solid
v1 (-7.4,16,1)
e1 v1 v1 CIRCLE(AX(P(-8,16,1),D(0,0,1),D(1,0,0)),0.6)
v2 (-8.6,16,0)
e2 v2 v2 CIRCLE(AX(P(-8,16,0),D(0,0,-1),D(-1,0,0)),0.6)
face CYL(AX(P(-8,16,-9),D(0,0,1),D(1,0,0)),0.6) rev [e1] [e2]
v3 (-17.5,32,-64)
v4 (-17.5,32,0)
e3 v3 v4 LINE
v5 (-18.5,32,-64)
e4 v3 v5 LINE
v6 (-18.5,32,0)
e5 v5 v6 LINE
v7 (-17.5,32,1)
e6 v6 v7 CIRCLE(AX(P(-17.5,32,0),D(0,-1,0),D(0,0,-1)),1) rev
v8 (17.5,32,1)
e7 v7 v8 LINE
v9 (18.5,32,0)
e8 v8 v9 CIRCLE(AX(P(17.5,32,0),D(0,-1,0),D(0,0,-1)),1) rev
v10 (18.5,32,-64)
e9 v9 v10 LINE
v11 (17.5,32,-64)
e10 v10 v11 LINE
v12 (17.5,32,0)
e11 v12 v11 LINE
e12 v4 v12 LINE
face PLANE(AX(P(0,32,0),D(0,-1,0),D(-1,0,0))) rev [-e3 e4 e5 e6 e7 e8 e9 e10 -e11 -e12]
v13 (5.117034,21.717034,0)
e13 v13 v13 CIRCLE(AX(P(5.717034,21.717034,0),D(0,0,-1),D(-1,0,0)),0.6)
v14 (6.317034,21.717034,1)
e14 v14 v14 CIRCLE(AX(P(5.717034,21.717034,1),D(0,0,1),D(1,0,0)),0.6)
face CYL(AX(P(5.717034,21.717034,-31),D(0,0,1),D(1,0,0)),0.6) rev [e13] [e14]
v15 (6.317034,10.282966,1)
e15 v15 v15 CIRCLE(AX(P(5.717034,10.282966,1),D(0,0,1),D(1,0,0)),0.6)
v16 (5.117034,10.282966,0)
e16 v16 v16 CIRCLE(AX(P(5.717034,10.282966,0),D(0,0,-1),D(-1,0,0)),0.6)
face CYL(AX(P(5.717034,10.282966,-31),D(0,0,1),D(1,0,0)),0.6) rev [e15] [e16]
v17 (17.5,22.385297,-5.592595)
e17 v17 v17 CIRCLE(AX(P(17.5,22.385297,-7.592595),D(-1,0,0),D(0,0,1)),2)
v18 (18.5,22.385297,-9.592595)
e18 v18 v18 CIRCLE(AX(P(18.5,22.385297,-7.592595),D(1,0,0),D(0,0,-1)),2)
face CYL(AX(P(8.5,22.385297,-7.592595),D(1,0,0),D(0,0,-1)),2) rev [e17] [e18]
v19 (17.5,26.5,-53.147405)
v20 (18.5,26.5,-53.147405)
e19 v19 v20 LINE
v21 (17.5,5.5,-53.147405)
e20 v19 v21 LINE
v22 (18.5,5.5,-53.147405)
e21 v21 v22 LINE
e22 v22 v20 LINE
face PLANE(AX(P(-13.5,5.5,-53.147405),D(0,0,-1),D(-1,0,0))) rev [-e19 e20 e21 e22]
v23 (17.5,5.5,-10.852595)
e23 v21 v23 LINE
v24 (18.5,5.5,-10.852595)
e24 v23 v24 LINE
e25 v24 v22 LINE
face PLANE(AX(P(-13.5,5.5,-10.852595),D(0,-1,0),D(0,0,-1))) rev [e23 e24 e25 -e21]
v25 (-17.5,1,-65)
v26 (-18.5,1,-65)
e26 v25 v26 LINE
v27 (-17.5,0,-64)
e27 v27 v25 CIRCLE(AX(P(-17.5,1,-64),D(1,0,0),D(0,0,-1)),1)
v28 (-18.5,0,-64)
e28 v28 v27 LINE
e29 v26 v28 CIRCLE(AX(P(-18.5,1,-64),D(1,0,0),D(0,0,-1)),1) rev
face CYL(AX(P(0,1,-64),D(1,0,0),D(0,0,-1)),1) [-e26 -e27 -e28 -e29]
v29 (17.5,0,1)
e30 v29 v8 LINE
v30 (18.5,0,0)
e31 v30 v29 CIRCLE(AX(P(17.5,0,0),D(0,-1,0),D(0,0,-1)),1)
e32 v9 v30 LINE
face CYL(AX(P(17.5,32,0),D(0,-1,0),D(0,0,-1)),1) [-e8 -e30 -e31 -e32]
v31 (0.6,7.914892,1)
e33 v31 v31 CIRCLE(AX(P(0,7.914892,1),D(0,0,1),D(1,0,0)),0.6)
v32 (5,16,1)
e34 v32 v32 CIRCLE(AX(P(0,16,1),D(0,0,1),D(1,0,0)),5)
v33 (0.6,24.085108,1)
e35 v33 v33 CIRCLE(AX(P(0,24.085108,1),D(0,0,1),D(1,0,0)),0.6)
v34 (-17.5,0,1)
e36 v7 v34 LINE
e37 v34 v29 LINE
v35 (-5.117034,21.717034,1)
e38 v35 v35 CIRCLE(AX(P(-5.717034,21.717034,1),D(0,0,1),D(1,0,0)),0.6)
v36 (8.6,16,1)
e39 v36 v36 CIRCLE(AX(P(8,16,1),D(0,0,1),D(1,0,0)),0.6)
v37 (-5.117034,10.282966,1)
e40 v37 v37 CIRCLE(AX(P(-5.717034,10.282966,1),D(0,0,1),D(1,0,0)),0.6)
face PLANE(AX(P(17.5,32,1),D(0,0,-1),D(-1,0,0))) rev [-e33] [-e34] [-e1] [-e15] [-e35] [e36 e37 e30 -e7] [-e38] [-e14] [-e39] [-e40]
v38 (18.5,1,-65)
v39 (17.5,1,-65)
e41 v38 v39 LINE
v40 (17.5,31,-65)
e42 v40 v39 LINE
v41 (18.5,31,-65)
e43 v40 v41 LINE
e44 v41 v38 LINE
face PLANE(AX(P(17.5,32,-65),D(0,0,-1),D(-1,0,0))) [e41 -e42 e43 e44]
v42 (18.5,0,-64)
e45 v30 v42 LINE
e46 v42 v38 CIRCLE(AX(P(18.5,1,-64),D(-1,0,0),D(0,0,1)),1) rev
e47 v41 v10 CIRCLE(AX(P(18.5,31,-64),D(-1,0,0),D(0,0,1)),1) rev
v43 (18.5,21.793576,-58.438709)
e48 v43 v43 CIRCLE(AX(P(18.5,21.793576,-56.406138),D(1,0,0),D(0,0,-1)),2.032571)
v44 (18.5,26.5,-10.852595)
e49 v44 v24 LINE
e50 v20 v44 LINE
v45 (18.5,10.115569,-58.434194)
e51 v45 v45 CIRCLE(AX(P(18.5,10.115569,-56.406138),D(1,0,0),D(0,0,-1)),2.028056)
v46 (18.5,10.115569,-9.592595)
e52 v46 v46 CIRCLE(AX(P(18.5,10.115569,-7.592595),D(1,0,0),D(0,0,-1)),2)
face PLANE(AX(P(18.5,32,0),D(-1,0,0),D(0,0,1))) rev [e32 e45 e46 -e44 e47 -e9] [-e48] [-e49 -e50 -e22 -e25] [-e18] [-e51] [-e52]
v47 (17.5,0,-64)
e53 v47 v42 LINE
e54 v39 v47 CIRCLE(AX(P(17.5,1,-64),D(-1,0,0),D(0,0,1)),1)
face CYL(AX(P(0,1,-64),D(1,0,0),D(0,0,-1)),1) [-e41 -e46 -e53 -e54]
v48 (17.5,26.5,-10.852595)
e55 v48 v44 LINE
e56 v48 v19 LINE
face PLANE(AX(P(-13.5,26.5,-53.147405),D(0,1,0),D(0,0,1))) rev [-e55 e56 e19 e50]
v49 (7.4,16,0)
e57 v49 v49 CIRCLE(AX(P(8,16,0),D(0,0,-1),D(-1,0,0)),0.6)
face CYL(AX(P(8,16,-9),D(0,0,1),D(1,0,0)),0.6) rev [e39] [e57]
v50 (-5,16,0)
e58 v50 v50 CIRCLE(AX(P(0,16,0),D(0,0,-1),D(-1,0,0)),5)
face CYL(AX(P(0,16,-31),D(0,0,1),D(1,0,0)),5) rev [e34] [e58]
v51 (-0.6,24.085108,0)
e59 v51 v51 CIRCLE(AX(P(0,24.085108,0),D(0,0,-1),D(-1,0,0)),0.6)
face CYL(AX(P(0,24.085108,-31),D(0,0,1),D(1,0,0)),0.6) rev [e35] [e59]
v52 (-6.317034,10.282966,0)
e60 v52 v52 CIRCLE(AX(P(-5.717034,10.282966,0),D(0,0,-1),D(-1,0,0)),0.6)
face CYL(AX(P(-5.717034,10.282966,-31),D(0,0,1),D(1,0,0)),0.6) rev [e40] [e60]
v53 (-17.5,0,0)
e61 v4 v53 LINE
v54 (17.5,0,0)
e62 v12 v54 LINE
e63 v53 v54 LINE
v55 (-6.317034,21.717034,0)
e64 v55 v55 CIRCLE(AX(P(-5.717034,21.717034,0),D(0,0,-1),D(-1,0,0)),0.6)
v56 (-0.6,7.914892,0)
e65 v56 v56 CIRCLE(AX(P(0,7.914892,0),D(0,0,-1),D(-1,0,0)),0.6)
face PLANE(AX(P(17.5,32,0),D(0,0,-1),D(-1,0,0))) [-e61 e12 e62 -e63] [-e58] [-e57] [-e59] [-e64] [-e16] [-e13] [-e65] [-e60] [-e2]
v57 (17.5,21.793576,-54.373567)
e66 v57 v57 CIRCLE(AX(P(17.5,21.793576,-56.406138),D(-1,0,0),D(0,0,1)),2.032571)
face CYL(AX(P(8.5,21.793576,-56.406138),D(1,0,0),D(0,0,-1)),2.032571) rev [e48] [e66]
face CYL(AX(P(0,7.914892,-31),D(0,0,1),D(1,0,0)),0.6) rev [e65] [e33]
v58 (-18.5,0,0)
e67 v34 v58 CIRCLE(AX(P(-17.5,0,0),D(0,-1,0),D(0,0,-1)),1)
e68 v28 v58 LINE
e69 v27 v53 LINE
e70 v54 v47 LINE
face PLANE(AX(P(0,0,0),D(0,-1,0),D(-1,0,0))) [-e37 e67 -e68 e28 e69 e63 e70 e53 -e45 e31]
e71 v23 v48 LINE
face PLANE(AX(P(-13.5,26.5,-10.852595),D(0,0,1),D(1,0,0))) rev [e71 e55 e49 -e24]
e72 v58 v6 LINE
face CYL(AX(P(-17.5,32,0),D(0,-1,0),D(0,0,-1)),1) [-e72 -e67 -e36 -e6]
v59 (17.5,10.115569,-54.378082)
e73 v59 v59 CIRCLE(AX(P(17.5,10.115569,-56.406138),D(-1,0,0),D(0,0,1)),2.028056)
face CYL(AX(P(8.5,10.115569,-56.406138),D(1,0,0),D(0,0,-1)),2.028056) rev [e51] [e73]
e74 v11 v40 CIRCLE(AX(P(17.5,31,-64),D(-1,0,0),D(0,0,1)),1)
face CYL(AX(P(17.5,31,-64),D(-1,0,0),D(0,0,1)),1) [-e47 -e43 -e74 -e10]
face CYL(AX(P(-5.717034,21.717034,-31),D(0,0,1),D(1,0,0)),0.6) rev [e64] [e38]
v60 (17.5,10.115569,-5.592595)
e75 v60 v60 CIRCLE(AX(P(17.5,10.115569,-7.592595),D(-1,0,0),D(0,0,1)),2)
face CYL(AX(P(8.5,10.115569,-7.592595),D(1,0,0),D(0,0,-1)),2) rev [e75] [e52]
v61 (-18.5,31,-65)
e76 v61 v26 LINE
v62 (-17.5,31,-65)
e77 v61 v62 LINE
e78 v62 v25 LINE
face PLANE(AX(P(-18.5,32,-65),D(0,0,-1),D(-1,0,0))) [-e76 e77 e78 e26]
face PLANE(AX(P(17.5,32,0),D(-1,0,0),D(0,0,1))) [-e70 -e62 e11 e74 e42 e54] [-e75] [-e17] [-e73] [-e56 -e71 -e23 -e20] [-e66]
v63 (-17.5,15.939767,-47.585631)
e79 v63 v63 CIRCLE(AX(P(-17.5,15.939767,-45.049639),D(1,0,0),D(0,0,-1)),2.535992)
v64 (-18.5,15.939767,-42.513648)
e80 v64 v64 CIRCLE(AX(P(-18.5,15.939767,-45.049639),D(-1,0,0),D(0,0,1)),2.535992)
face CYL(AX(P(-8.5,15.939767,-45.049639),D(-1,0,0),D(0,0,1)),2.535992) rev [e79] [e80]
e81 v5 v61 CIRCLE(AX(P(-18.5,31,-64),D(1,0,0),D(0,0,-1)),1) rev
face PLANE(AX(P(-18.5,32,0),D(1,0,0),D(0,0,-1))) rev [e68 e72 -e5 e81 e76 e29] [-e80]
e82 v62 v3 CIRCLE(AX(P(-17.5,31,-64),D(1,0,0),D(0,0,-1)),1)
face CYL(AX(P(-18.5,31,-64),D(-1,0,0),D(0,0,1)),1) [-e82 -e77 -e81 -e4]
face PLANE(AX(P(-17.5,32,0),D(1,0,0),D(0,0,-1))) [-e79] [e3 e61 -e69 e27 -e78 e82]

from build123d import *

# Parameters (mm, degrees)
EXTRUDE_THIN2_DEPTH = 32
FILLET4_R           = 1
FILLET5_R           = 1
FILLET6_R           = 1
FILLET7_R           = 1
FILLET8_R           = 1
FILLET9_R           = 1
SKETCH9_W           = 42.294810508
SKETCH9_H           = 21
CUT_EXTRUDE2_DEPTH  = 32
SKETCH10_R          = 5
CUT_EXTRUDE3_DEPTH  = 32
SKETCH14_R          = 0.6
CUT_EXTRUDE7_DEPTH  = 32
SKETCH15_R          = 0.6
CUT_EXTRUDE8_DEPTH  = 10
SKETCH13_R          = 2.535991587
CUT_EXTRUDE9_DEPTH  = 10
SKETCH11_R          = 2.032571361
SKETCH11_R_2        = 2.028056202
CUT_EXTRUDE12_DEPTH = 10
SKETCH16_R          = 2
CUT_EXTRUDE13_DEPTH = 10


with BuildPart() as part:
    # Sketch8 → Extrude-Thin2 (new body)
    with BuildSketch(Plane(origin=(0, 0, 0), x_dir=(1, 0, 0), z_dir=(0, 1, 0))):
        Polygon((17.5, 65), (17.5, 0), (-17.5, 0), (-17.5, 65), (-18.5, 65), (-18.5, -1), (18.5, -1), (18.5, 65), align=None)
    extrude(amount=EXTRUDE_THIN2_DEPTH)

    # Fillet4
    fillet4_edges = [part.edges().sort_by_distance(p)[0] for p in [
        (-18, 0, -65),
    ]]
    fillet(fillet4_edges, radius=FILLET4_R)

    # Fillet5
    fillet5_edges = [part.edges().sort_by_distance(p)[0] for p in [
        (-18, 32, -65),
    ]]
    fillet(fillet5_edges, radius=FILLET5_R)

    # Fillet6
    fillet6_edges = [part.edges().sort_by_distance(p)[0] for p in [
        (18, 0, -65),
    ]]
    fillet(fillet6_edges, radius=FILLET6_R)

    # Fillet7
    fillet7_edges = [part.edges().sort_by_distance(p)[0] for p in [
        (18, 32, -65),
    ]]
    fillet(fillet7_edges, radius=FILLET7_R)

    # Fillet8
    fillet8_edges = [part.edges().sort_by_distance(p)[0] for p in [
        (18.5, 16, 1),
    ]]
    fillet(fillet8_edges, radius=FILLET8_R)

    # Fillet9
    fillet9_edges = [part.edges().sort_by_distance(p)[0] for p in [
        (-18.5, 16, 1),
    ]]
    fillet(fillet9_edges, radius=FILLET9_R)

    # Sketch9 → Cut-Extrude2 (cut)
    with BuildSketch(Plane(origin=(18.5, 0, 0), x_dir=(0, 0, -1), z_dir=(1, 0, 0))):
        with Locations((32, 16)):
            Rectangle(SKETCH9_W, SKETCH9_H)
    extrude(amount=-CUT_EXTRUDE2_DEPTH, mode=Mode.SUBTRACT)

    # Sketch10 → Cut-Extrude3 (cut)
    with BuildSketch(Plane.XY.offset(1)):
        with Locations((0, 16)):
            Circle(SKETCH10_R)
    extrude(amount=-CUT_EXTRUDE3_DEPTH, mode=Mode.SUBTRACT)

    # Sketch14 → Cut-Extrude7 (cut)
    with BuildSketch(Plane.XY.offset(1)):
        with Locations((0, 7.914892415)):
            Circle(SKETCH14_R)
        with Locations((0, 24.085107585)):
            Circle(SKETCH14_R)
        with Locations((-5.7170344, 10.2829656)):
            Circle(SKETCH14_R)
        with Locations((-5.7170344, 21.7170344)):
            Circle(SKETCH14_R)
        with Locations((5.7170344, 10.2829656)):
            Circle(SKETCH14_R)
        with Locations((5.7170344, 21.7170344)):
            Circle(SKETCH14_R)
    extrude(amount=-CUT_EXTRUDE7_DEPTH, mode=Mode.SUBTRACT)

    # Sketch15 → Cut-Extrude8 (cut)
    with BuildSketch(Plane.XY.offset(1)):
        with Locations((-8, 16)):
            Circle(SKETCH15_R)
        with Locations((8, 16)):
            Circle(SKETCH15_R)
    extrude(amount=-CUT_EXTRUDE8_DEPTH, mode=Mode.SUBTRACT)

    # Sketch13 → Cut-Extrude9 (cut)
    with BuildSketch(Plane.ZY.offset(18.5)):
        with Locations((-45.049639152, 15.939767339)):
            Circle(SKETCH13_R)
    extrude(amount=-CUT_EXTRUDE9_DEPTH, mode=Mode.SUBTRACT)

    # Sketch11 → Cut-Extrude12 (cut)
    with BuildSketch(Plane(origin=(18.5, 0, 0), x_dir=(0, 0, -1), z_dir=(1, 0, 0))):
        with Locations((56.406137915, 21.793575716)):
            Circle(SKETCH11_R)
        with Locations((56.406137915, 10.115569331)):
            Circle(SKETCH11_R_2)
    extrude(amount=-CUT_EXTRUDE12_DEPTH, mode=Mode.SUBTRACT)

    # Sketch16 → Cut-Extrude13 (cut)
    with BuildSketch(Plane(origin=(18.5, 0, 0), x_dir=(0, 0, -1), z_dir=(1, 0, 0))):
        with Locations((7.592594746, 22.385297204)):
            Circle(SKETCH16_R)
        with Locations((7.592594746, 10.115569331)):
            Circle(SKETCH16_R)
    extrude(amount=-CUT_EXTRUDE13_DEPTH, mode=Mode.SUBTRACT)


solid = part.part
